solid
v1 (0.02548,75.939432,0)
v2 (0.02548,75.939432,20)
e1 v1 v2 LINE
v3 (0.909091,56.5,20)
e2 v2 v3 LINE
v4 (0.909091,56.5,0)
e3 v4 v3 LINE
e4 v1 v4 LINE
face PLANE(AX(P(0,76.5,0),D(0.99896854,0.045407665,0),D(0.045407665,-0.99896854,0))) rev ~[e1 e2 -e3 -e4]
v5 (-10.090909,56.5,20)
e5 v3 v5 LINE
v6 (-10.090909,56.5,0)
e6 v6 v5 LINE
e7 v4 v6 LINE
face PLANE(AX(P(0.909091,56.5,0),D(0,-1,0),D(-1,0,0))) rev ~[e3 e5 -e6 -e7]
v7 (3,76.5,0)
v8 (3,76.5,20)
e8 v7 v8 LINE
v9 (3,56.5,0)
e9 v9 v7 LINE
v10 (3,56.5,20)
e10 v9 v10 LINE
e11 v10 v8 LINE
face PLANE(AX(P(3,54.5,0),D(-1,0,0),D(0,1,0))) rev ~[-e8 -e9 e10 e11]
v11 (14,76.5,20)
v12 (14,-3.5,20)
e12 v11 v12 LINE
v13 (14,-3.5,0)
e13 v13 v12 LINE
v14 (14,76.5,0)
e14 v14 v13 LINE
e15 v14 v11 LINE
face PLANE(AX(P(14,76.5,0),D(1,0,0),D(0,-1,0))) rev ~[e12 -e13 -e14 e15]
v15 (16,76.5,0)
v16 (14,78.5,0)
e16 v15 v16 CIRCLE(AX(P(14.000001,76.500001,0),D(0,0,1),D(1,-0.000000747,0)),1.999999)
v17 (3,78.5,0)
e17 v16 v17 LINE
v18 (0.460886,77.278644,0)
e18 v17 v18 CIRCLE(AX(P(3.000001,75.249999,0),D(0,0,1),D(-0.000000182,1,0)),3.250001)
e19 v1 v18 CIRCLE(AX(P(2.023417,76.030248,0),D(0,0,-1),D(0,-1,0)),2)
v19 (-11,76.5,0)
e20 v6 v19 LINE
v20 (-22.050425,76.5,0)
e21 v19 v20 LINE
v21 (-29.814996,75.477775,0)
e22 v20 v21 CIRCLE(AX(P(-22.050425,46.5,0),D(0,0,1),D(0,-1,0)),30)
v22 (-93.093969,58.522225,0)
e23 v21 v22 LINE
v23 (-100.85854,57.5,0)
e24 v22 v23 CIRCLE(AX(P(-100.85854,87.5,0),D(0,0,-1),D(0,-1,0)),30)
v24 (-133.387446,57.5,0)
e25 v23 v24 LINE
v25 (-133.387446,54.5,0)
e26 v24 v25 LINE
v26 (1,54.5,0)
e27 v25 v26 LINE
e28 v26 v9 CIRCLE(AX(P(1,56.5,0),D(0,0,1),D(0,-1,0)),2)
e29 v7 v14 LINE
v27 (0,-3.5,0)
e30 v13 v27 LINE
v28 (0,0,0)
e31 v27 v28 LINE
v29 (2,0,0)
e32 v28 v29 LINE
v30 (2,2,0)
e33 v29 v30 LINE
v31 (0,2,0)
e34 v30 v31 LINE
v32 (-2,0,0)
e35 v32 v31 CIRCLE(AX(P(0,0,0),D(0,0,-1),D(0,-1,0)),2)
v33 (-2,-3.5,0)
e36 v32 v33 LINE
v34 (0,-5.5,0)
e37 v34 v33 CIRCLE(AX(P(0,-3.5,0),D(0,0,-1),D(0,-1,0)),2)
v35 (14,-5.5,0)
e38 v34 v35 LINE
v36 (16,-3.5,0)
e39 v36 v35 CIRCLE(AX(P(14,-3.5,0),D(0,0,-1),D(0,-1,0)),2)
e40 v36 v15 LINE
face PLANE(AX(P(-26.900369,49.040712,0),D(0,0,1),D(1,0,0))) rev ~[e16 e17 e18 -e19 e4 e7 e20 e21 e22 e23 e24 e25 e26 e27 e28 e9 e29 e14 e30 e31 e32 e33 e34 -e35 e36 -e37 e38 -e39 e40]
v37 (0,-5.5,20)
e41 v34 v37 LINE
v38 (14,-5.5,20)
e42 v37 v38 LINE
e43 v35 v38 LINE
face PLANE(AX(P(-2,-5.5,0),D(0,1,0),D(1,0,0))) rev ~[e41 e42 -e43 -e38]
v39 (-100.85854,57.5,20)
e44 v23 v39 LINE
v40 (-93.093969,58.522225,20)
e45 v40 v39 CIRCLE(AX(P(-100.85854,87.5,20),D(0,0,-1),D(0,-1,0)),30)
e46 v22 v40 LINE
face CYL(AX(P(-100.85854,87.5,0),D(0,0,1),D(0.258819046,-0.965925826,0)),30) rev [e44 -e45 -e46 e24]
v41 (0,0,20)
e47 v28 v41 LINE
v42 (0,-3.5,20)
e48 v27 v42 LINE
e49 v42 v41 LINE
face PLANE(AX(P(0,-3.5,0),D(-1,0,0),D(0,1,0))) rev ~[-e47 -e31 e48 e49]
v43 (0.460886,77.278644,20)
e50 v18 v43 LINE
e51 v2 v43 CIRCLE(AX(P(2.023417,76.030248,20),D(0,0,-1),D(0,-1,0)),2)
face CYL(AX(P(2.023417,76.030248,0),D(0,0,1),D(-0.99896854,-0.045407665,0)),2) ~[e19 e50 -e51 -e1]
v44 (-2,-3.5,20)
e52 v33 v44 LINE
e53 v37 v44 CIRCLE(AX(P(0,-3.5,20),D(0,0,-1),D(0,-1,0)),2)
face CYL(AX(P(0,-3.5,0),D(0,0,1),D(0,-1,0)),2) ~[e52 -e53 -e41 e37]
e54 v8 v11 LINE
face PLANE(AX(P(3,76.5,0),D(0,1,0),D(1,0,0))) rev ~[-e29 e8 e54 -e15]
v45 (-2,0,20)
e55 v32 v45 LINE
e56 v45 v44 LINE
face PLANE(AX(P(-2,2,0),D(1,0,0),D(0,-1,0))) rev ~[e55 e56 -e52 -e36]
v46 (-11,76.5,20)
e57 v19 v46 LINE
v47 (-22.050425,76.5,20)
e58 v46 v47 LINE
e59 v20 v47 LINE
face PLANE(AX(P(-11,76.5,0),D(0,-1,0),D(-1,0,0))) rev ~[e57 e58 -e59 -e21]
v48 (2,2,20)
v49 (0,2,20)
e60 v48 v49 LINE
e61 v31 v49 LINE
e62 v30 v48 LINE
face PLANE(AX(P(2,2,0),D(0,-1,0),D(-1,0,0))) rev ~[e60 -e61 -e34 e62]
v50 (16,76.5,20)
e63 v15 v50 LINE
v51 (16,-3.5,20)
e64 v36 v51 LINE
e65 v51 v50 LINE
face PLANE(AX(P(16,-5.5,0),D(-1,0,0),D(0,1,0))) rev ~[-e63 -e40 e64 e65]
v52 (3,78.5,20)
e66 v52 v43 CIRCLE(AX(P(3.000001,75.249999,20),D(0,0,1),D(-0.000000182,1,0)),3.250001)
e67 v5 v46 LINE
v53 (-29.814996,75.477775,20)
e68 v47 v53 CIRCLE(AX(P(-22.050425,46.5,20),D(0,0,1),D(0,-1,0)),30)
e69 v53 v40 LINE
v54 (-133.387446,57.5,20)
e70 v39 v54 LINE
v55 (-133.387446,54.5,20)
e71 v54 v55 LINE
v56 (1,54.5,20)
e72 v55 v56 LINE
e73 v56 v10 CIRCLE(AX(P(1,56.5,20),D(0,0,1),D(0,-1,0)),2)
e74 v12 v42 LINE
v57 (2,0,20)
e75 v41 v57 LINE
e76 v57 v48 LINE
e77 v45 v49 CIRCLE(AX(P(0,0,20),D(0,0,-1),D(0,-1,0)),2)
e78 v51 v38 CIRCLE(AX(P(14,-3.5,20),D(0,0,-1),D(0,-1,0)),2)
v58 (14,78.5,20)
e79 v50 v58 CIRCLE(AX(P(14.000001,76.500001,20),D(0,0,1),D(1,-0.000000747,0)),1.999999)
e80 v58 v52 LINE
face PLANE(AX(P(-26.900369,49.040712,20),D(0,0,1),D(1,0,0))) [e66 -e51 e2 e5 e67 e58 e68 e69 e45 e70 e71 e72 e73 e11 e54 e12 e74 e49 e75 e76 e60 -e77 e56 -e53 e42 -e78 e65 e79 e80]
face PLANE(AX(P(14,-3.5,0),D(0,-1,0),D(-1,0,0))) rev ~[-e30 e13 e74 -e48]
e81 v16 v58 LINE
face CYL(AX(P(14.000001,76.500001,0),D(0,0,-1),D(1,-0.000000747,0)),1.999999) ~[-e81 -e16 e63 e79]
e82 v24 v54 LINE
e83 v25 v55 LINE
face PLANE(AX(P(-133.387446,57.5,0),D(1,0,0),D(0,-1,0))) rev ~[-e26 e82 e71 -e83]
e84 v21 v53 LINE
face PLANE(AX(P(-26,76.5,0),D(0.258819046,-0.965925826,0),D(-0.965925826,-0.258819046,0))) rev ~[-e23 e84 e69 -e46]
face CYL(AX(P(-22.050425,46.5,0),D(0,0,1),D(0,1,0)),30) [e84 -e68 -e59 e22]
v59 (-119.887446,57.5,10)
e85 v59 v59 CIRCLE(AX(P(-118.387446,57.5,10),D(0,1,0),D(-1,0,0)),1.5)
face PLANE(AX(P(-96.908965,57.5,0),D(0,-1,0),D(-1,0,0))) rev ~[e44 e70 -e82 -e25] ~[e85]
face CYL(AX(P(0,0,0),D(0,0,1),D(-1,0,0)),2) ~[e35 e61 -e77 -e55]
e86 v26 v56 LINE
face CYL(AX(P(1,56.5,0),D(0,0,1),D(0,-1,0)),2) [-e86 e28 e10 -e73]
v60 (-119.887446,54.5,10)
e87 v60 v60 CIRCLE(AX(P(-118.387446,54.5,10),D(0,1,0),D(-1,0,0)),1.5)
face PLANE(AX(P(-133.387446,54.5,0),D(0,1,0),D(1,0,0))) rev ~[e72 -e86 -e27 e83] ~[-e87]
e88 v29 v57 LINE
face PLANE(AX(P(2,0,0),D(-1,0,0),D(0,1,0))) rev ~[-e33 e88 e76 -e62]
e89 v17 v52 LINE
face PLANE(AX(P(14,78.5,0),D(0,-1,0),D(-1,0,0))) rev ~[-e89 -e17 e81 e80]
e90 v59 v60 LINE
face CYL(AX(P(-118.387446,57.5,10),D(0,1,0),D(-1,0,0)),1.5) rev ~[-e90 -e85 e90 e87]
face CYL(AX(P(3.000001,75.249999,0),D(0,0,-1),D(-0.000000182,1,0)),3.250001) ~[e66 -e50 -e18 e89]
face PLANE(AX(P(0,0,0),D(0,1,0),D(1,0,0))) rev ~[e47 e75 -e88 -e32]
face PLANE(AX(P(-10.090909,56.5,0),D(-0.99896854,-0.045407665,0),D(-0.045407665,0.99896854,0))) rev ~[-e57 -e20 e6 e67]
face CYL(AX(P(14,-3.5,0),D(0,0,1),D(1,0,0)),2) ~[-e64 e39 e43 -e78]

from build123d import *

# Parameters (mm, degrees)
F1_DEPTH = 20
F2_R     = 30
F3_R     = 2
F4_R     = 2
F5_R     = 1.5
F6_DEPTH = 25


with BuildPart() as f1:
    # F0 (on Top) → F1 (new body)
    with BuildSketch(Plane.XY):
        with BuildLine():
            Line((0, -3.5), (0, 0))
            Line((0, 0), (2, 0))
            Line((2, 0), (2, 2))
            Line((2, 2), (-2, 2))
            Line((-2, 2), (-2, 0))
            Line((-2, 0), (-2, -5.5))
            Line((-2, -5.5), (16, -5.5))
            Line((16, -5.5), (16, 54.5))
            Line((16, 54.5), (16, 76.5))
            ThreePointArc((16, 76.5), (15.414214, 77.914214), (14, 78.5))
            Line((14, 78.5), (3, 78.5))
            ThreePointArc((3, 78.5), (1.197224, 77.954163), (0, 76.5))
            Line((0, 76.5), (0.909091, 56.5))
            Line((0.909091, 56.5), (-10.090909, 56.5))
            Line((-10.090909, 56.5), (-11, 76.5))
            Line((-11, 76.5), (-26, 76.5))
            Line((-26, 76.5), (-96.908965, 57.5))
            Line((-96.908965, 57.5), (-133.387446, 57.5))
            Line((-133.387446, 57.5), (-133.387446, 54.5))
            Line((-133.387446, 54.5), (-10, 54.5))
            Line((-10, 54.5), (1, 54.5))
            Line((1, 54.5), (3, 54.5))
            Line((3, 54.5), (3, 76.5))
            Line((3, 76.5), (14, 76.5))
            Line((14, 76.5), (14, 54.5))
            Line((14, 54.5), (14, -3.5))
            Line((14, -3.5), (0, -3.5))
        make_face()
    extrude(amount=F1_DEPTH)

    # F2
    f2_edges = [f1.edges().sort_by_distance(p)[0] for p in [
        (-96.908965, 57.5, 10),
        (-26, 76.5, 10),
    ]]
    fillet(f2_edges, radius=F2_R)

    # F3
    f3_edges = [f1.edges().sort_by_distance(p)[0] for p in [
        (0, 76.5, 10),
    ]]
    fillet(f3_edges, radius=F3_R)

    # F4
    f4_edges = [f1.edges().sort_by_distance(p)[0] for p in [
        (16, -5.5, 10),
        (-2, -5.5, 10),
        (-2, 2, 10),
        (3, 54.5, 10),
    ]]
    fillet(f4_edges, radius=F4_R)

    # F5 (on face) → F6 (cut)
    with BuildSketch(Plane(origin=(0, 57.5, 0), x_dir=(-1, 0, 0), z_dir=(0, 1, 0))):
        with Locations((118.387446, 10)):
            Circle(F5_R)
    extrude(amount=-F6_DEPTH, mode=Mode.SUBTRACT)


solid = f1.part
